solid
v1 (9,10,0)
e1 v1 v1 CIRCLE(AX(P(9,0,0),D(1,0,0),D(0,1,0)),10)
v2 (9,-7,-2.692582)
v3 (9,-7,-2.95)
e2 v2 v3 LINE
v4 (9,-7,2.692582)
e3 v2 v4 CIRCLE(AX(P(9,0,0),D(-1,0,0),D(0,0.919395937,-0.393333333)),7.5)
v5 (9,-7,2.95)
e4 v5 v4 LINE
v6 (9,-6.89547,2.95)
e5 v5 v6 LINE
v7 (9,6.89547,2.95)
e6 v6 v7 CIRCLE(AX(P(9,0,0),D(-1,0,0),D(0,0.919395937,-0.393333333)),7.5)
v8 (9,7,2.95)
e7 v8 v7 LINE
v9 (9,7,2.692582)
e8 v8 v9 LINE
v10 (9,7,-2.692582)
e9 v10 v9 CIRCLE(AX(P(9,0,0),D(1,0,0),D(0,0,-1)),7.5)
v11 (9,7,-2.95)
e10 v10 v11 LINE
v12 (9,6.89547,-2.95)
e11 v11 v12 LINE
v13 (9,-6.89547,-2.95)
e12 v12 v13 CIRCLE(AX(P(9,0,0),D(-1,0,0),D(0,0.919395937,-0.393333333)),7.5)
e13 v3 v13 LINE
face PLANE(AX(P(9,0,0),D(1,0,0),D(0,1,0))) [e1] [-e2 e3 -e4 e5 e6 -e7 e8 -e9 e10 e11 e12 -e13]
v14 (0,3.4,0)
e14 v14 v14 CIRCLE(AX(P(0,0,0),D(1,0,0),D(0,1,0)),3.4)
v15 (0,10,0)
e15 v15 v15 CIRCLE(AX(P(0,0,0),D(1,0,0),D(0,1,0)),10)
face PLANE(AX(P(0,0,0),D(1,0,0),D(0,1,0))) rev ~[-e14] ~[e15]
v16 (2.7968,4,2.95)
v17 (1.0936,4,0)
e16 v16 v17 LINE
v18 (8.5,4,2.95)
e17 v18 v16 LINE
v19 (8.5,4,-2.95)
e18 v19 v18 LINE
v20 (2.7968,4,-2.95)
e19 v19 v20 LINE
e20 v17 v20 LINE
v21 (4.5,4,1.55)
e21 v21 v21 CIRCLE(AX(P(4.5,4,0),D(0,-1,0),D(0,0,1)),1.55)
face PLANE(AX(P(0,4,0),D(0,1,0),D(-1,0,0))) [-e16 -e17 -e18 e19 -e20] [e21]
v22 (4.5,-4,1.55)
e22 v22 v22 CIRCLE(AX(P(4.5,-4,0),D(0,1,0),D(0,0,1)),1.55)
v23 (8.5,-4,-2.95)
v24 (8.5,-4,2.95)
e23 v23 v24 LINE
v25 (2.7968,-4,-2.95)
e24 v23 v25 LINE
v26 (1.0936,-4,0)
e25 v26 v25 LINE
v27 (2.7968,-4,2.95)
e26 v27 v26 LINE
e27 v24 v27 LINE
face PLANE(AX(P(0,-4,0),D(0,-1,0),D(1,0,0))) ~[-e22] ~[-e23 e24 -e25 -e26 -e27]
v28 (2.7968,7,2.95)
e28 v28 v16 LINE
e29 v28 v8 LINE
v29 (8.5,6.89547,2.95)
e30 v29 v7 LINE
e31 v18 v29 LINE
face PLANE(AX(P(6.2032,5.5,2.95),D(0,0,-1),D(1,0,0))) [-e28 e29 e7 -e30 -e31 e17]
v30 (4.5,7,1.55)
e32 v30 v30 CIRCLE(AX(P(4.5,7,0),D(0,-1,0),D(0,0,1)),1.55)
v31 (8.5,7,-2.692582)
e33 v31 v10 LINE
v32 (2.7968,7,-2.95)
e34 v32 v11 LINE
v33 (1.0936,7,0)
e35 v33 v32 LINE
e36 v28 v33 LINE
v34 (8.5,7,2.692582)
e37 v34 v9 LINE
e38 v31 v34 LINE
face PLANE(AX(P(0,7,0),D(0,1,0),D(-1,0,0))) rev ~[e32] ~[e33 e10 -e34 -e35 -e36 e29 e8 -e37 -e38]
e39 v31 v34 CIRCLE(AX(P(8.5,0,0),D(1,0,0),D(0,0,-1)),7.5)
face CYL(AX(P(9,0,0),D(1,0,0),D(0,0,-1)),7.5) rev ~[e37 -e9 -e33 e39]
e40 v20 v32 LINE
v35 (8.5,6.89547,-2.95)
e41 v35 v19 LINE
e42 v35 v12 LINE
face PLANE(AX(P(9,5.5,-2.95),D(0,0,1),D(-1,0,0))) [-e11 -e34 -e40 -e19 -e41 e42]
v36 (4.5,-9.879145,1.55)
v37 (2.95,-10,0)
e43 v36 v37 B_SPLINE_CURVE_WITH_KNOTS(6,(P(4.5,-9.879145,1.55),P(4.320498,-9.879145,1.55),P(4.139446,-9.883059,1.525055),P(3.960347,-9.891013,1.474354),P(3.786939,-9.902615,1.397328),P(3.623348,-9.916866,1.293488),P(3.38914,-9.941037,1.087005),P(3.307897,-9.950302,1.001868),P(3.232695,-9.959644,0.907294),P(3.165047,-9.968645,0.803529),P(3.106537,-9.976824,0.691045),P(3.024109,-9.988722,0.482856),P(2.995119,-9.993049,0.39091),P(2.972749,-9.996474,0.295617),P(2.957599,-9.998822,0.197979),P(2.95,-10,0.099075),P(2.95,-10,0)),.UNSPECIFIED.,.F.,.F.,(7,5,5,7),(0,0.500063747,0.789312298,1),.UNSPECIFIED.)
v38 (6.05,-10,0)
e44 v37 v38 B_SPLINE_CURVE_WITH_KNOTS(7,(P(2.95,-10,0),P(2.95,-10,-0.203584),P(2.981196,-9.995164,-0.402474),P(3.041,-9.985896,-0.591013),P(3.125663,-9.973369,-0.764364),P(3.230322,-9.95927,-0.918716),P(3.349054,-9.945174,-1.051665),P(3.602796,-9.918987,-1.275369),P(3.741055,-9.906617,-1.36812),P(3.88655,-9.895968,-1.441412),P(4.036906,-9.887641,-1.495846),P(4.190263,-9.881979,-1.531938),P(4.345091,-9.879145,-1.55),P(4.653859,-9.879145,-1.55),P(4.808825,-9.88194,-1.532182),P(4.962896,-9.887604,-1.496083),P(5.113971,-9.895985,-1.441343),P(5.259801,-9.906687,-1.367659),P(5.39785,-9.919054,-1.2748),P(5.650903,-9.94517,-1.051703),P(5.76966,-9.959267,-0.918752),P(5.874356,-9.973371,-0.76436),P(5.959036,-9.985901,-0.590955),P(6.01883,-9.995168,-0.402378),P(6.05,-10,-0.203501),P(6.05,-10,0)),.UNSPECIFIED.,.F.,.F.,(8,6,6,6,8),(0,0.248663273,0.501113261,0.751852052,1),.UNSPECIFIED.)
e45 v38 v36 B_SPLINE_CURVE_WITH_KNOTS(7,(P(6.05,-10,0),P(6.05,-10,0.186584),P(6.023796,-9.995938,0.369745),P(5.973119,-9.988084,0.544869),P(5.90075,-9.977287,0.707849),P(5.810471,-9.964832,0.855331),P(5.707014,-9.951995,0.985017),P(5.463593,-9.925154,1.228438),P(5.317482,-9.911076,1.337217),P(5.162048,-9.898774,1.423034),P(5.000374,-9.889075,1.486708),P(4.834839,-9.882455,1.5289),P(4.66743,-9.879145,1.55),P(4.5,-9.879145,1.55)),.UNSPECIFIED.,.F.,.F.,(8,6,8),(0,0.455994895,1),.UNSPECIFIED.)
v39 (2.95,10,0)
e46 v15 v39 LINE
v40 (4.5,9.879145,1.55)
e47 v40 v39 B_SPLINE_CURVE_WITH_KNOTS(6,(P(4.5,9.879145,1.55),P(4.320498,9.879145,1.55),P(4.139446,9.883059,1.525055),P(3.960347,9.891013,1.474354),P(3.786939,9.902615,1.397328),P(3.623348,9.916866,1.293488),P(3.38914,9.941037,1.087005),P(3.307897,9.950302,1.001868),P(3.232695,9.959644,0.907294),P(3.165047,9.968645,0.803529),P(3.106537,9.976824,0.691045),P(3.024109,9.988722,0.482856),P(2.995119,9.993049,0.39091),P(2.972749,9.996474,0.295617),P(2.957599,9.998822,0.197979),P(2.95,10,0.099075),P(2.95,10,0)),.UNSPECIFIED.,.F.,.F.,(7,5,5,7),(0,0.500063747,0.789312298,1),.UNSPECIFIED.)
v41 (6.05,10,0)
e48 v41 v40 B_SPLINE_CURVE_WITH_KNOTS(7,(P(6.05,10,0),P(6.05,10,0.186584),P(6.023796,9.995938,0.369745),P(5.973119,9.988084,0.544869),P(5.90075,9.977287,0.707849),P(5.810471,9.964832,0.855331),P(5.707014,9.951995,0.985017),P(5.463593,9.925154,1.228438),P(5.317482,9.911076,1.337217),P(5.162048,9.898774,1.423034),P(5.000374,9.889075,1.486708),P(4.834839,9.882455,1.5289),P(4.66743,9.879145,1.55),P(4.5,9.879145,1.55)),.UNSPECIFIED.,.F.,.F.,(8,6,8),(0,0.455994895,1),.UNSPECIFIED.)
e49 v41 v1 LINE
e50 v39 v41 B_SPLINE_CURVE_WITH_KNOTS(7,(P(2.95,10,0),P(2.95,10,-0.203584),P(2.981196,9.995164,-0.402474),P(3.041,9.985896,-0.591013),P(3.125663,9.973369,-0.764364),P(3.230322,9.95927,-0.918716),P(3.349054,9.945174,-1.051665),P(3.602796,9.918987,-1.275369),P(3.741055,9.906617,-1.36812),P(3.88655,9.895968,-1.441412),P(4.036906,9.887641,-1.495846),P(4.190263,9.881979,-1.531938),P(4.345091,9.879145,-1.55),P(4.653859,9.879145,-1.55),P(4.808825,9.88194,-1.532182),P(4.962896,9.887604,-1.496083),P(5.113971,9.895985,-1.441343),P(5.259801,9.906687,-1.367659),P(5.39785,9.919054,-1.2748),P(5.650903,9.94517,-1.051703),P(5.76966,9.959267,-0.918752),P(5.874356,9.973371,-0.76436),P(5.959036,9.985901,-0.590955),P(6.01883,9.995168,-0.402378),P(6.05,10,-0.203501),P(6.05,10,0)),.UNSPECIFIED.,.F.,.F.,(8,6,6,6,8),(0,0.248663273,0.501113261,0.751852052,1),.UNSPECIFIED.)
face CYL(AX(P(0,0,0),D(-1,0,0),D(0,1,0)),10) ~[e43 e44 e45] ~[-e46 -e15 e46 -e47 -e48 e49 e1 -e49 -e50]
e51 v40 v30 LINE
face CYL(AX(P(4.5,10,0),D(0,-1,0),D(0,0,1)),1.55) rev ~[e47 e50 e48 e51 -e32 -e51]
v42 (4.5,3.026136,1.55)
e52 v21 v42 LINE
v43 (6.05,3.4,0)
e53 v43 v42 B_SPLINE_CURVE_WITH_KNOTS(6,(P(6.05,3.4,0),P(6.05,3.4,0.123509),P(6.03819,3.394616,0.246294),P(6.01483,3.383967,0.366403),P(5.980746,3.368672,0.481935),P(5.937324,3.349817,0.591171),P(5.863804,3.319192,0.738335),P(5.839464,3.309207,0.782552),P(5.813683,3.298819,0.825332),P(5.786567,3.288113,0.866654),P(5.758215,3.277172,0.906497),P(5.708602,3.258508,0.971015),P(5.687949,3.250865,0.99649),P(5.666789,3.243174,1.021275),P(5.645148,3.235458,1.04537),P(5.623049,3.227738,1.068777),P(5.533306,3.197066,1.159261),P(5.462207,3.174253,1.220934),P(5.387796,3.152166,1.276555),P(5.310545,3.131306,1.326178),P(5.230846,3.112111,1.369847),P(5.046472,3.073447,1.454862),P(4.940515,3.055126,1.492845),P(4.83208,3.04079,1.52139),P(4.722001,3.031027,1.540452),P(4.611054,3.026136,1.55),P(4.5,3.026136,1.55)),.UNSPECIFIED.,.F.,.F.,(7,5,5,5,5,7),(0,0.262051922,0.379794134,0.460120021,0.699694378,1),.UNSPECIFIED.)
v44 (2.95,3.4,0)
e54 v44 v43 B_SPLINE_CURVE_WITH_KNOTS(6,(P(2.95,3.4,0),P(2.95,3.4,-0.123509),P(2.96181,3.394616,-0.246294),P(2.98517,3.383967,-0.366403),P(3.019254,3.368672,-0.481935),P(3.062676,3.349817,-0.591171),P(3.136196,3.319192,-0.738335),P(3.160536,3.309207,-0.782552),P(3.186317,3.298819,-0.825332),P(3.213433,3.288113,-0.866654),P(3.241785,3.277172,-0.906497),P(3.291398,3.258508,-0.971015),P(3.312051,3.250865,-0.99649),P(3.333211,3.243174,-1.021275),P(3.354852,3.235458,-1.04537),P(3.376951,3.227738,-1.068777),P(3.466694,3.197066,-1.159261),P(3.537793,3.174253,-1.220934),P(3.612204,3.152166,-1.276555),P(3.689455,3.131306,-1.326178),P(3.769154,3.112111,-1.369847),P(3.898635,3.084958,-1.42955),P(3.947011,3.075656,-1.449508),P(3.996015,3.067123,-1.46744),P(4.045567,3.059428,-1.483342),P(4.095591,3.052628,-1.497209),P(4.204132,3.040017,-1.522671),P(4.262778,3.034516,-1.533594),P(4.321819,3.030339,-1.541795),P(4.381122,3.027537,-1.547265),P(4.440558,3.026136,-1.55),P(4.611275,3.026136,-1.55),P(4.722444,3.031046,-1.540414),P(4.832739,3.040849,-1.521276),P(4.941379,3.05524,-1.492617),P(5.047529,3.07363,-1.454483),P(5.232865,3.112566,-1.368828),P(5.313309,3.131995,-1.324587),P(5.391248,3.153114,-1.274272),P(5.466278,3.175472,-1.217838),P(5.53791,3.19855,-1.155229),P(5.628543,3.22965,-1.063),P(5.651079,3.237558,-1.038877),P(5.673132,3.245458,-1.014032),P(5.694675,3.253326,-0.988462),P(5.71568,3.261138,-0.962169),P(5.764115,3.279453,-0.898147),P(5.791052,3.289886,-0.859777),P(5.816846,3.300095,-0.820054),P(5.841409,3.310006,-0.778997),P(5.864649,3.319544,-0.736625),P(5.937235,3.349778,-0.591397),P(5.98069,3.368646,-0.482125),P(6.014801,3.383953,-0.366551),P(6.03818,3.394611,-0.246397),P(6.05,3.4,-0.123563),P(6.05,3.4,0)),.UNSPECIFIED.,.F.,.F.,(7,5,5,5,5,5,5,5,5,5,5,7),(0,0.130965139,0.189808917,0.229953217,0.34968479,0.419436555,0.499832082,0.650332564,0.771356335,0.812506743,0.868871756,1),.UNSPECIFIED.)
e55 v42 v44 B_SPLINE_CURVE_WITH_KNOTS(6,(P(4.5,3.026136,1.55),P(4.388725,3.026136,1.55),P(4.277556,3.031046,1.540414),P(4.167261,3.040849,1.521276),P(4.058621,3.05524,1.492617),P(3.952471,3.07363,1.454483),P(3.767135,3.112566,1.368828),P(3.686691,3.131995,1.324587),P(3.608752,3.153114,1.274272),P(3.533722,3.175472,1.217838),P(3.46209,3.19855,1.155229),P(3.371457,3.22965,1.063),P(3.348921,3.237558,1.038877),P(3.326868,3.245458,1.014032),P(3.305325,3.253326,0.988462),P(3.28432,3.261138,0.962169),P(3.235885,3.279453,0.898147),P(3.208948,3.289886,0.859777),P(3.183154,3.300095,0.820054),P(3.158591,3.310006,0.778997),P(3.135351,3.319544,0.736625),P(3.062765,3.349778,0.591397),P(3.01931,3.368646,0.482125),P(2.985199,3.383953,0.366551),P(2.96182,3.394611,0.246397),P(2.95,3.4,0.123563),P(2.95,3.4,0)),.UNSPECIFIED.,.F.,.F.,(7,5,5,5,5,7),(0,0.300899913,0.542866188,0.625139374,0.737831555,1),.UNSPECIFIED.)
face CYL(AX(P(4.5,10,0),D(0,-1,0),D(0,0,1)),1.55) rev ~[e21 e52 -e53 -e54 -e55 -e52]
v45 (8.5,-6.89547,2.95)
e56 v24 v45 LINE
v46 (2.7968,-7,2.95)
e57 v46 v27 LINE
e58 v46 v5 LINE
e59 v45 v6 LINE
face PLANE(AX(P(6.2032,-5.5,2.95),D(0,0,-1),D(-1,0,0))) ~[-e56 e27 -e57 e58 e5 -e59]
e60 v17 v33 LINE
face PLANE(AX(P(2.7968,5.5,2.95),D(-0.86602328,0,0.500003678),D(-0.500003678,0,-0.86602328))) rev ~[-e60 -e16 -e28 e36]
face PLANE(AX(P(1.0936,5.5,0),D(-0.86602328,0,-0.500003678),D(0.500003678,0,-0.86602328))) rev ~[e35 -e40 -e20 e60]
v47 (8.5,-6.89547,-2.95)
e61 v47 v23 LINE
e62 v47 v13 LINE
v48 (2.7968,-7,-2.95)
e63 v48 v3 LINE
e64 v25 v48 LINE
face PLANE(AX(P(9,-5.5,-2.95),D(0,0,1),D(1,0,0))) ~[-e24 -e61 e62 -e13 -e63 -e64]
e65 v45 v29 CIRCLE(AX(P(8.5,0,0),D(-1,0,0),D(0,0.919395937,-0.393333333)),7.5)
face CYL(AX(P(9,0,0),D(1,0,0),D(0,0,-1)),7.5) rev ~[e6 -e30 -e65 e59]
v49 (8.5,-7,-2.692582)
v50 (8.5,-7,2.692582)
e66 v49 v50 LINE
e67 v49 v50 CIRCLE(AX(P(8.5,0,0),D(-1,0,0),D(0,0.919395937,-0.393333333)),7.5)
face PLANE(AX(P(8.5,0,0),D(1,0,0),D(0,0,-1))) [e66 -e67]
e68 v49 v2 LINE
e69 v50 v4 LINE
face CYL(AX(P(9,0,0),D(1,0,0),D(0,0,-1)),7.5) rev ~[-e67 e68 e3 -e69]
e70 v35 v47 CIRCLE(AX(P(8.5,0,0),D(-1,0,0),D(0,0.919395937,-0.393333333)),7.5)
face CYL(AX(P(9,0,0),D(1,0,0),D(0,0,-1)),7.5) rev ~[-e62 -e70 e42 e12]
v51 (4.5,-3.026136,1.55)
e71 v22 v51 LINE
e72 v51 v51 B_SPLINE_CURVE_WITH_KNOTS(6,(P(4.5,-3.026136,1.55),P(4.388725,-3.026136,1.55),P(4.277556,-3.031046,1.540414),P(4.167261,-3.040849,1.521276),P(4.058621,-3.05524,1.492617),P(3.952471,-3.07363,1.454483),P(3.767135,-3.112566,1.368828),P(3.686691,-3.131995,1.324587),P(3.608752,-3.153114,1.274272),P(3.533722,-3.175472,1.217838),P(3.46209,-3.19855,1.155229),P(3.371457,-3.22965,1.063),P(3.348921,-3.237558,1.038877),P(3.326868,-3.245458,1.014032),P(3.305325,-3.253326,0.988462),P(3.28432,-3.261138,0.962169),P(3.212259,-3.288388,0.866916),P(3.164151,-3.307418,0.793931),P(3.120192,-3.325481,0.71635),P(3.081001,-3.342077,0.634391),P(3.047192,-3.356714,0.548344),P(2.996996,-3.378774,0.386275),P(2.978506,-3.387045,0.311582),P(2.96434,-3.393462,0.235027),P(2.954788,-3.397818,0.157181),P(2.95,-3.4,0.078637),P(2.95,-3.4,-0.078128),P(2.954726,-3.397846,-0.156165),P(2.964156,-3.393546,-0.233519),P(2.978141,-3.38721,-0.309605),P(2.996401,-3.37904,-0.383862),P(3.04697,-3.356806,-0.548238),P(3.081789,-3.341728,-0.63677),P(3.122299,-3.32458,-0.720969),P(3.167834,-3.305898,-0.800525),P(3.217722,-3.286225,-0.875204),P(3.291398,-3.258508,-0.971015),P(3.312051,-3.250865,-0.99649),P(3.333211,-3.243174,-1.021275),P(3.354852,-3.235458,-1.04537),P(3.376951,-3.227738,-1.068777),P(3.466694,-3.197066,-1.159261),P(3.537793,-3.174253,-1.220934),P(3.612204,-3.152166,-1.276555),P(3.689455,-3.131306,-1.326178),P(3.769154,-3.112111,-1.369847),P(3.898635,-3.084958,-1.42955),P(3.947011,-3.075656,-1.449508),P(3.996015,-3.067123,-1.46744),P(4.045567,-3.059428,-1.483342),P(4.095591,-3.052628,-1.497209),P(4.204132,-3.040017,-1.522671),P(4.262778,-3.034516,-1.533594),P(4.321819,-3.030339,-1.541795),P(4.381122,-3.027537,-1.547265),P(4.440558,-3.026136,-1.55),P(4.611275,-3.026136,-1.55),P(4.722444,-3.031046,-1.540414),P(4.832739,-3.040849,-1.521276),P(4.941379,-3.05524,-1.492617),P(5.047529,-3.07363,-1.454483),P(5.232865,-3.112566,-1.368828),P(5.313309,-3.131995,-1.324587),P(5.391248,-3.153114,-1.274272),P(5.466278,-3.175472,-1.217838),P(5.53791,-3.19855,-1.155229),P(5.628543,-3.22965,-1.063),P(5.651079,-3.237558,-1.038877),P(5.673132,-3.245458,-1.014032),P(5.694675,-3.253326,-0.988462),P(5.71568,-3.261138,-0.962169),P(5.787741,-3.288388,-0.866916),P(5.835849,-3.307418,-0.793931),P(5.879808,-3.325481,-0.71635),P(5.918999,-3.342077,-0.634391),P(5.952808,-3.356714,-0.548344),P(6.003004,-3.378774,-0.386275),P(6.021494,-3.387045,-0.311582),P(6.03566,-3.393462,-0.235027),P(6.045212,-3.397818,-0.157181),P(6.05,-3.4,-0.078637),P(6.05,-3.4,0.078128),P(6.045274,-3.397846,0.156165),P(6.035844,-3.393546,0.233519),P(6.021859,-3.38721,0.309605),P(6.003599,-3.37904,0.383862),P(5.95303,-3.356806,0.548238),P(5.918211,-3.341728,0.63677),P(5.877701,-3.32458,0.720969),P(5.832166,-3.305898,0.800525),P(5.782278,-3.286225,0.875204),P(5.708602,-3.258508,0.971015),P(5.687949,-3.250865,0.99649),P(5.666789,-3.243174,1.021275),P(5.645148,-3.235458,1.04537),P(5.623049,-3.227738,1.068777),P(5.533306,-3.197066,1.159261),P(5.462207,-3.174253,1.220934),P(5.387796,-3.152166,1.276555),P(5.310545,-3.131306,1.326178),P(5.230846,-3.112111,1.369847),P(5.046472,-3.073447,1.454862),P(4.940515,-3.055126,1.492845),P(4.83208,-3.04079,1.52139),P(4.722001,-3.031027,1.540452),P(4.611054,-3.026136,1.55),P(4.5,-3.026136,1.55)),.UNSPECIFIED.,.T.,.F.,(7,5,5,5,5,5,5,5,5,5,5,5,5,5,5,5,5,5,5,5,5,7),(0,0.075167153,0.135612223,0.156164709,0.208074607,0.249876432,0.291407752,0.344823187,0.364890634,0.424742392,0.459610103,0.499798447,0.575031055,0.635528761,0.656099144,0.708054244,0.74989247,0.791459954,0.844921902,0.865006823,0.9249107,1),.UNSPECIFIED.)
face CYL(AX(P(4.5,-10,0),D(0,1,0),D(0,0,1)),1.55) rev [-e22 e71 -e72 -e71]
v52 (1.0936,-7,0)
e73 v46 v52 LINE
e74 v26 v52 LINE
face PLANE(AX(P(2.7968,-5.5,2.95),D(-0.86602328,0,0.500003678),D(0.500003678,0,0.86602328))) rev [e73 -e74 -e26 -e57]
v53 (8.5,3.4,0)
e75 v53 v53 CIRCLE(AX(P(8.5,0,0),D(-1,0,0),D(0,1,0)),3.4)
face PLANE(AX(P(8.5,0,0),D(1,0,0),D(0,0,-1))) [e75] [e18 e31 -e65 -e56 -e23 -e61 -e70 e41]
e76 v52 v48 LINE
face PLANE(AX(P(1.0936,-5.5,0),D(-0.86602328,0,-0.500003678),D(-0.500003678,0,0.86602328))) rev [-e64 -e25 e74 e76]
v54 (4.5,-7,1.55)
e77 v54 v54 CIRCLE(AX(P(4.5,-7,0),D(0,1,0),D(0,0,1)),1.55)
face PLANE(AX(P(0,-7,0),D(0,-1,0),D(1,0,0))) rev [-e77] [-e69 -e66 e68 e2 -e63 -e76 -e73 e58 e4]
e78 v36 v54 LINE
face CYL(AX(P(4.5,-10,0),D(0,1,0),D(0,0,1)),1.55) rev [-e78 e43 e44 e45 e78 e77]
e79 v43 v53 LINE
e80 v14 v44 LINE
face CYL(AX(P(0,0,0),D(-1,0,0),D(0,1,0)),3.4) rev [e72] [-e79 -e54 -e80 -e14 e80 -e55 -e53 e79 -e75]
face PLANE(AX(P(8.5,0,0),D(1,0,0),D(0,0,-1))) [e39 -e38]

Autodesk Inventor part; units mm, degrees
ref_plane "YZ Plane" through (0, 0, 0) normal (1, 0, 0) x (0, 1, 0)
ref_plane "XY Plane" through (0, 0, 0) normal (0, 0, 1) x (1, 0, 0)
sketch "Sketch9" plane through (0, 0, 0) normal (1, 0, 0) x (0, 1, 0)
  circle A0 centre (0, 0) radius 10
  circle A1 centre (0, 0) radius 3.4
  dimension "d31" = 20
  dimension "d32" = 6.8
extrude "Extrusion7" add sketch "Sketch9" along normal blind 9
sketch "Sketch10" plane through (9, 0, 0) normal (1, 0, 0) x (0, 0, -1)
  circle A0 centre (0, 0) radius 7.5
  dimension "d35" = 15
extrude "Extrusion8" cut sketch "Sketch10" against normal blind 0.5
ref_plane "Work Plane3" through (0, 5.5, 0) normal (0, 1, 0) x (-1, 0, 0)
sketch "Sketch11" plane through (0, 5.5, 0) normal (0, 1, 0) x (-1, 0, 0)
  line L0 (0, 0) -> (-9, 0) construction
  line L1 (-9, 10) -> (-9, -10) construction
  line L2 (-7.9064, 0) -> (-6.2032, 2.95)
  line L3 (-6.2032, 2.95) -> (-2.7968, 2.95)
  line L4 (-2.7968, 2.95) -> (-1.0936, 0)
  line L5 (-1.0936, 0) -> (-2.7968, -2.95)
  line L6 (-2.7968, -2.95) -> (-6.2032, -2.95)
  line L7 (-6.2032, -2.95) -> (-7.9064, 0)
  line L8 (-6.2032, 2.95) -> (-9, 2.95)
  line L9 (-9, 2.95) -> (-9, -2.95)
  line L10 (-9, -2.95) -> (-6.2032, -2.95)
  point P0 (-4.5, 0)
  dimension "d39" = 5.9
extrude "Extrusion9" cut sketch "Sketch11" along normal mid plane 3
ref_plane "Work Plane4" through (0, 10, 0) normal (0, 1, 0) x (-1, 0, 0)
sketch "Sketch12" plane through (0, 10, 0) normal (0, 1, 0) x (-1, 0, 0)
  line L0 (-2.7968, 2.95) -> (-1.0936, 0) construction
  line L1 (-1.9452, 1.475) -> (-5.8393, -0.7732) construction
  line L2 (-1.0936, 0) -> (-2.7968, -2.95) construction
  line L3 (-1.9452, -1.475) -> (-5.6209, 0.6472) construction
  circle A0 centre (-4.5, 0) radius 2.95 construction
  point P0 (0, 0)
hole "Hole2" at (4.5, 10, 0) direction (0, -1, 0) diameter 3.1 depth 10
mirror "Mirror2" about plane through (0, 0, 0) normal (0, 1, 0) of "Extrusion9", "Hole2"
properties part number "Swivel Joint Axle Lock Grub Screw"
